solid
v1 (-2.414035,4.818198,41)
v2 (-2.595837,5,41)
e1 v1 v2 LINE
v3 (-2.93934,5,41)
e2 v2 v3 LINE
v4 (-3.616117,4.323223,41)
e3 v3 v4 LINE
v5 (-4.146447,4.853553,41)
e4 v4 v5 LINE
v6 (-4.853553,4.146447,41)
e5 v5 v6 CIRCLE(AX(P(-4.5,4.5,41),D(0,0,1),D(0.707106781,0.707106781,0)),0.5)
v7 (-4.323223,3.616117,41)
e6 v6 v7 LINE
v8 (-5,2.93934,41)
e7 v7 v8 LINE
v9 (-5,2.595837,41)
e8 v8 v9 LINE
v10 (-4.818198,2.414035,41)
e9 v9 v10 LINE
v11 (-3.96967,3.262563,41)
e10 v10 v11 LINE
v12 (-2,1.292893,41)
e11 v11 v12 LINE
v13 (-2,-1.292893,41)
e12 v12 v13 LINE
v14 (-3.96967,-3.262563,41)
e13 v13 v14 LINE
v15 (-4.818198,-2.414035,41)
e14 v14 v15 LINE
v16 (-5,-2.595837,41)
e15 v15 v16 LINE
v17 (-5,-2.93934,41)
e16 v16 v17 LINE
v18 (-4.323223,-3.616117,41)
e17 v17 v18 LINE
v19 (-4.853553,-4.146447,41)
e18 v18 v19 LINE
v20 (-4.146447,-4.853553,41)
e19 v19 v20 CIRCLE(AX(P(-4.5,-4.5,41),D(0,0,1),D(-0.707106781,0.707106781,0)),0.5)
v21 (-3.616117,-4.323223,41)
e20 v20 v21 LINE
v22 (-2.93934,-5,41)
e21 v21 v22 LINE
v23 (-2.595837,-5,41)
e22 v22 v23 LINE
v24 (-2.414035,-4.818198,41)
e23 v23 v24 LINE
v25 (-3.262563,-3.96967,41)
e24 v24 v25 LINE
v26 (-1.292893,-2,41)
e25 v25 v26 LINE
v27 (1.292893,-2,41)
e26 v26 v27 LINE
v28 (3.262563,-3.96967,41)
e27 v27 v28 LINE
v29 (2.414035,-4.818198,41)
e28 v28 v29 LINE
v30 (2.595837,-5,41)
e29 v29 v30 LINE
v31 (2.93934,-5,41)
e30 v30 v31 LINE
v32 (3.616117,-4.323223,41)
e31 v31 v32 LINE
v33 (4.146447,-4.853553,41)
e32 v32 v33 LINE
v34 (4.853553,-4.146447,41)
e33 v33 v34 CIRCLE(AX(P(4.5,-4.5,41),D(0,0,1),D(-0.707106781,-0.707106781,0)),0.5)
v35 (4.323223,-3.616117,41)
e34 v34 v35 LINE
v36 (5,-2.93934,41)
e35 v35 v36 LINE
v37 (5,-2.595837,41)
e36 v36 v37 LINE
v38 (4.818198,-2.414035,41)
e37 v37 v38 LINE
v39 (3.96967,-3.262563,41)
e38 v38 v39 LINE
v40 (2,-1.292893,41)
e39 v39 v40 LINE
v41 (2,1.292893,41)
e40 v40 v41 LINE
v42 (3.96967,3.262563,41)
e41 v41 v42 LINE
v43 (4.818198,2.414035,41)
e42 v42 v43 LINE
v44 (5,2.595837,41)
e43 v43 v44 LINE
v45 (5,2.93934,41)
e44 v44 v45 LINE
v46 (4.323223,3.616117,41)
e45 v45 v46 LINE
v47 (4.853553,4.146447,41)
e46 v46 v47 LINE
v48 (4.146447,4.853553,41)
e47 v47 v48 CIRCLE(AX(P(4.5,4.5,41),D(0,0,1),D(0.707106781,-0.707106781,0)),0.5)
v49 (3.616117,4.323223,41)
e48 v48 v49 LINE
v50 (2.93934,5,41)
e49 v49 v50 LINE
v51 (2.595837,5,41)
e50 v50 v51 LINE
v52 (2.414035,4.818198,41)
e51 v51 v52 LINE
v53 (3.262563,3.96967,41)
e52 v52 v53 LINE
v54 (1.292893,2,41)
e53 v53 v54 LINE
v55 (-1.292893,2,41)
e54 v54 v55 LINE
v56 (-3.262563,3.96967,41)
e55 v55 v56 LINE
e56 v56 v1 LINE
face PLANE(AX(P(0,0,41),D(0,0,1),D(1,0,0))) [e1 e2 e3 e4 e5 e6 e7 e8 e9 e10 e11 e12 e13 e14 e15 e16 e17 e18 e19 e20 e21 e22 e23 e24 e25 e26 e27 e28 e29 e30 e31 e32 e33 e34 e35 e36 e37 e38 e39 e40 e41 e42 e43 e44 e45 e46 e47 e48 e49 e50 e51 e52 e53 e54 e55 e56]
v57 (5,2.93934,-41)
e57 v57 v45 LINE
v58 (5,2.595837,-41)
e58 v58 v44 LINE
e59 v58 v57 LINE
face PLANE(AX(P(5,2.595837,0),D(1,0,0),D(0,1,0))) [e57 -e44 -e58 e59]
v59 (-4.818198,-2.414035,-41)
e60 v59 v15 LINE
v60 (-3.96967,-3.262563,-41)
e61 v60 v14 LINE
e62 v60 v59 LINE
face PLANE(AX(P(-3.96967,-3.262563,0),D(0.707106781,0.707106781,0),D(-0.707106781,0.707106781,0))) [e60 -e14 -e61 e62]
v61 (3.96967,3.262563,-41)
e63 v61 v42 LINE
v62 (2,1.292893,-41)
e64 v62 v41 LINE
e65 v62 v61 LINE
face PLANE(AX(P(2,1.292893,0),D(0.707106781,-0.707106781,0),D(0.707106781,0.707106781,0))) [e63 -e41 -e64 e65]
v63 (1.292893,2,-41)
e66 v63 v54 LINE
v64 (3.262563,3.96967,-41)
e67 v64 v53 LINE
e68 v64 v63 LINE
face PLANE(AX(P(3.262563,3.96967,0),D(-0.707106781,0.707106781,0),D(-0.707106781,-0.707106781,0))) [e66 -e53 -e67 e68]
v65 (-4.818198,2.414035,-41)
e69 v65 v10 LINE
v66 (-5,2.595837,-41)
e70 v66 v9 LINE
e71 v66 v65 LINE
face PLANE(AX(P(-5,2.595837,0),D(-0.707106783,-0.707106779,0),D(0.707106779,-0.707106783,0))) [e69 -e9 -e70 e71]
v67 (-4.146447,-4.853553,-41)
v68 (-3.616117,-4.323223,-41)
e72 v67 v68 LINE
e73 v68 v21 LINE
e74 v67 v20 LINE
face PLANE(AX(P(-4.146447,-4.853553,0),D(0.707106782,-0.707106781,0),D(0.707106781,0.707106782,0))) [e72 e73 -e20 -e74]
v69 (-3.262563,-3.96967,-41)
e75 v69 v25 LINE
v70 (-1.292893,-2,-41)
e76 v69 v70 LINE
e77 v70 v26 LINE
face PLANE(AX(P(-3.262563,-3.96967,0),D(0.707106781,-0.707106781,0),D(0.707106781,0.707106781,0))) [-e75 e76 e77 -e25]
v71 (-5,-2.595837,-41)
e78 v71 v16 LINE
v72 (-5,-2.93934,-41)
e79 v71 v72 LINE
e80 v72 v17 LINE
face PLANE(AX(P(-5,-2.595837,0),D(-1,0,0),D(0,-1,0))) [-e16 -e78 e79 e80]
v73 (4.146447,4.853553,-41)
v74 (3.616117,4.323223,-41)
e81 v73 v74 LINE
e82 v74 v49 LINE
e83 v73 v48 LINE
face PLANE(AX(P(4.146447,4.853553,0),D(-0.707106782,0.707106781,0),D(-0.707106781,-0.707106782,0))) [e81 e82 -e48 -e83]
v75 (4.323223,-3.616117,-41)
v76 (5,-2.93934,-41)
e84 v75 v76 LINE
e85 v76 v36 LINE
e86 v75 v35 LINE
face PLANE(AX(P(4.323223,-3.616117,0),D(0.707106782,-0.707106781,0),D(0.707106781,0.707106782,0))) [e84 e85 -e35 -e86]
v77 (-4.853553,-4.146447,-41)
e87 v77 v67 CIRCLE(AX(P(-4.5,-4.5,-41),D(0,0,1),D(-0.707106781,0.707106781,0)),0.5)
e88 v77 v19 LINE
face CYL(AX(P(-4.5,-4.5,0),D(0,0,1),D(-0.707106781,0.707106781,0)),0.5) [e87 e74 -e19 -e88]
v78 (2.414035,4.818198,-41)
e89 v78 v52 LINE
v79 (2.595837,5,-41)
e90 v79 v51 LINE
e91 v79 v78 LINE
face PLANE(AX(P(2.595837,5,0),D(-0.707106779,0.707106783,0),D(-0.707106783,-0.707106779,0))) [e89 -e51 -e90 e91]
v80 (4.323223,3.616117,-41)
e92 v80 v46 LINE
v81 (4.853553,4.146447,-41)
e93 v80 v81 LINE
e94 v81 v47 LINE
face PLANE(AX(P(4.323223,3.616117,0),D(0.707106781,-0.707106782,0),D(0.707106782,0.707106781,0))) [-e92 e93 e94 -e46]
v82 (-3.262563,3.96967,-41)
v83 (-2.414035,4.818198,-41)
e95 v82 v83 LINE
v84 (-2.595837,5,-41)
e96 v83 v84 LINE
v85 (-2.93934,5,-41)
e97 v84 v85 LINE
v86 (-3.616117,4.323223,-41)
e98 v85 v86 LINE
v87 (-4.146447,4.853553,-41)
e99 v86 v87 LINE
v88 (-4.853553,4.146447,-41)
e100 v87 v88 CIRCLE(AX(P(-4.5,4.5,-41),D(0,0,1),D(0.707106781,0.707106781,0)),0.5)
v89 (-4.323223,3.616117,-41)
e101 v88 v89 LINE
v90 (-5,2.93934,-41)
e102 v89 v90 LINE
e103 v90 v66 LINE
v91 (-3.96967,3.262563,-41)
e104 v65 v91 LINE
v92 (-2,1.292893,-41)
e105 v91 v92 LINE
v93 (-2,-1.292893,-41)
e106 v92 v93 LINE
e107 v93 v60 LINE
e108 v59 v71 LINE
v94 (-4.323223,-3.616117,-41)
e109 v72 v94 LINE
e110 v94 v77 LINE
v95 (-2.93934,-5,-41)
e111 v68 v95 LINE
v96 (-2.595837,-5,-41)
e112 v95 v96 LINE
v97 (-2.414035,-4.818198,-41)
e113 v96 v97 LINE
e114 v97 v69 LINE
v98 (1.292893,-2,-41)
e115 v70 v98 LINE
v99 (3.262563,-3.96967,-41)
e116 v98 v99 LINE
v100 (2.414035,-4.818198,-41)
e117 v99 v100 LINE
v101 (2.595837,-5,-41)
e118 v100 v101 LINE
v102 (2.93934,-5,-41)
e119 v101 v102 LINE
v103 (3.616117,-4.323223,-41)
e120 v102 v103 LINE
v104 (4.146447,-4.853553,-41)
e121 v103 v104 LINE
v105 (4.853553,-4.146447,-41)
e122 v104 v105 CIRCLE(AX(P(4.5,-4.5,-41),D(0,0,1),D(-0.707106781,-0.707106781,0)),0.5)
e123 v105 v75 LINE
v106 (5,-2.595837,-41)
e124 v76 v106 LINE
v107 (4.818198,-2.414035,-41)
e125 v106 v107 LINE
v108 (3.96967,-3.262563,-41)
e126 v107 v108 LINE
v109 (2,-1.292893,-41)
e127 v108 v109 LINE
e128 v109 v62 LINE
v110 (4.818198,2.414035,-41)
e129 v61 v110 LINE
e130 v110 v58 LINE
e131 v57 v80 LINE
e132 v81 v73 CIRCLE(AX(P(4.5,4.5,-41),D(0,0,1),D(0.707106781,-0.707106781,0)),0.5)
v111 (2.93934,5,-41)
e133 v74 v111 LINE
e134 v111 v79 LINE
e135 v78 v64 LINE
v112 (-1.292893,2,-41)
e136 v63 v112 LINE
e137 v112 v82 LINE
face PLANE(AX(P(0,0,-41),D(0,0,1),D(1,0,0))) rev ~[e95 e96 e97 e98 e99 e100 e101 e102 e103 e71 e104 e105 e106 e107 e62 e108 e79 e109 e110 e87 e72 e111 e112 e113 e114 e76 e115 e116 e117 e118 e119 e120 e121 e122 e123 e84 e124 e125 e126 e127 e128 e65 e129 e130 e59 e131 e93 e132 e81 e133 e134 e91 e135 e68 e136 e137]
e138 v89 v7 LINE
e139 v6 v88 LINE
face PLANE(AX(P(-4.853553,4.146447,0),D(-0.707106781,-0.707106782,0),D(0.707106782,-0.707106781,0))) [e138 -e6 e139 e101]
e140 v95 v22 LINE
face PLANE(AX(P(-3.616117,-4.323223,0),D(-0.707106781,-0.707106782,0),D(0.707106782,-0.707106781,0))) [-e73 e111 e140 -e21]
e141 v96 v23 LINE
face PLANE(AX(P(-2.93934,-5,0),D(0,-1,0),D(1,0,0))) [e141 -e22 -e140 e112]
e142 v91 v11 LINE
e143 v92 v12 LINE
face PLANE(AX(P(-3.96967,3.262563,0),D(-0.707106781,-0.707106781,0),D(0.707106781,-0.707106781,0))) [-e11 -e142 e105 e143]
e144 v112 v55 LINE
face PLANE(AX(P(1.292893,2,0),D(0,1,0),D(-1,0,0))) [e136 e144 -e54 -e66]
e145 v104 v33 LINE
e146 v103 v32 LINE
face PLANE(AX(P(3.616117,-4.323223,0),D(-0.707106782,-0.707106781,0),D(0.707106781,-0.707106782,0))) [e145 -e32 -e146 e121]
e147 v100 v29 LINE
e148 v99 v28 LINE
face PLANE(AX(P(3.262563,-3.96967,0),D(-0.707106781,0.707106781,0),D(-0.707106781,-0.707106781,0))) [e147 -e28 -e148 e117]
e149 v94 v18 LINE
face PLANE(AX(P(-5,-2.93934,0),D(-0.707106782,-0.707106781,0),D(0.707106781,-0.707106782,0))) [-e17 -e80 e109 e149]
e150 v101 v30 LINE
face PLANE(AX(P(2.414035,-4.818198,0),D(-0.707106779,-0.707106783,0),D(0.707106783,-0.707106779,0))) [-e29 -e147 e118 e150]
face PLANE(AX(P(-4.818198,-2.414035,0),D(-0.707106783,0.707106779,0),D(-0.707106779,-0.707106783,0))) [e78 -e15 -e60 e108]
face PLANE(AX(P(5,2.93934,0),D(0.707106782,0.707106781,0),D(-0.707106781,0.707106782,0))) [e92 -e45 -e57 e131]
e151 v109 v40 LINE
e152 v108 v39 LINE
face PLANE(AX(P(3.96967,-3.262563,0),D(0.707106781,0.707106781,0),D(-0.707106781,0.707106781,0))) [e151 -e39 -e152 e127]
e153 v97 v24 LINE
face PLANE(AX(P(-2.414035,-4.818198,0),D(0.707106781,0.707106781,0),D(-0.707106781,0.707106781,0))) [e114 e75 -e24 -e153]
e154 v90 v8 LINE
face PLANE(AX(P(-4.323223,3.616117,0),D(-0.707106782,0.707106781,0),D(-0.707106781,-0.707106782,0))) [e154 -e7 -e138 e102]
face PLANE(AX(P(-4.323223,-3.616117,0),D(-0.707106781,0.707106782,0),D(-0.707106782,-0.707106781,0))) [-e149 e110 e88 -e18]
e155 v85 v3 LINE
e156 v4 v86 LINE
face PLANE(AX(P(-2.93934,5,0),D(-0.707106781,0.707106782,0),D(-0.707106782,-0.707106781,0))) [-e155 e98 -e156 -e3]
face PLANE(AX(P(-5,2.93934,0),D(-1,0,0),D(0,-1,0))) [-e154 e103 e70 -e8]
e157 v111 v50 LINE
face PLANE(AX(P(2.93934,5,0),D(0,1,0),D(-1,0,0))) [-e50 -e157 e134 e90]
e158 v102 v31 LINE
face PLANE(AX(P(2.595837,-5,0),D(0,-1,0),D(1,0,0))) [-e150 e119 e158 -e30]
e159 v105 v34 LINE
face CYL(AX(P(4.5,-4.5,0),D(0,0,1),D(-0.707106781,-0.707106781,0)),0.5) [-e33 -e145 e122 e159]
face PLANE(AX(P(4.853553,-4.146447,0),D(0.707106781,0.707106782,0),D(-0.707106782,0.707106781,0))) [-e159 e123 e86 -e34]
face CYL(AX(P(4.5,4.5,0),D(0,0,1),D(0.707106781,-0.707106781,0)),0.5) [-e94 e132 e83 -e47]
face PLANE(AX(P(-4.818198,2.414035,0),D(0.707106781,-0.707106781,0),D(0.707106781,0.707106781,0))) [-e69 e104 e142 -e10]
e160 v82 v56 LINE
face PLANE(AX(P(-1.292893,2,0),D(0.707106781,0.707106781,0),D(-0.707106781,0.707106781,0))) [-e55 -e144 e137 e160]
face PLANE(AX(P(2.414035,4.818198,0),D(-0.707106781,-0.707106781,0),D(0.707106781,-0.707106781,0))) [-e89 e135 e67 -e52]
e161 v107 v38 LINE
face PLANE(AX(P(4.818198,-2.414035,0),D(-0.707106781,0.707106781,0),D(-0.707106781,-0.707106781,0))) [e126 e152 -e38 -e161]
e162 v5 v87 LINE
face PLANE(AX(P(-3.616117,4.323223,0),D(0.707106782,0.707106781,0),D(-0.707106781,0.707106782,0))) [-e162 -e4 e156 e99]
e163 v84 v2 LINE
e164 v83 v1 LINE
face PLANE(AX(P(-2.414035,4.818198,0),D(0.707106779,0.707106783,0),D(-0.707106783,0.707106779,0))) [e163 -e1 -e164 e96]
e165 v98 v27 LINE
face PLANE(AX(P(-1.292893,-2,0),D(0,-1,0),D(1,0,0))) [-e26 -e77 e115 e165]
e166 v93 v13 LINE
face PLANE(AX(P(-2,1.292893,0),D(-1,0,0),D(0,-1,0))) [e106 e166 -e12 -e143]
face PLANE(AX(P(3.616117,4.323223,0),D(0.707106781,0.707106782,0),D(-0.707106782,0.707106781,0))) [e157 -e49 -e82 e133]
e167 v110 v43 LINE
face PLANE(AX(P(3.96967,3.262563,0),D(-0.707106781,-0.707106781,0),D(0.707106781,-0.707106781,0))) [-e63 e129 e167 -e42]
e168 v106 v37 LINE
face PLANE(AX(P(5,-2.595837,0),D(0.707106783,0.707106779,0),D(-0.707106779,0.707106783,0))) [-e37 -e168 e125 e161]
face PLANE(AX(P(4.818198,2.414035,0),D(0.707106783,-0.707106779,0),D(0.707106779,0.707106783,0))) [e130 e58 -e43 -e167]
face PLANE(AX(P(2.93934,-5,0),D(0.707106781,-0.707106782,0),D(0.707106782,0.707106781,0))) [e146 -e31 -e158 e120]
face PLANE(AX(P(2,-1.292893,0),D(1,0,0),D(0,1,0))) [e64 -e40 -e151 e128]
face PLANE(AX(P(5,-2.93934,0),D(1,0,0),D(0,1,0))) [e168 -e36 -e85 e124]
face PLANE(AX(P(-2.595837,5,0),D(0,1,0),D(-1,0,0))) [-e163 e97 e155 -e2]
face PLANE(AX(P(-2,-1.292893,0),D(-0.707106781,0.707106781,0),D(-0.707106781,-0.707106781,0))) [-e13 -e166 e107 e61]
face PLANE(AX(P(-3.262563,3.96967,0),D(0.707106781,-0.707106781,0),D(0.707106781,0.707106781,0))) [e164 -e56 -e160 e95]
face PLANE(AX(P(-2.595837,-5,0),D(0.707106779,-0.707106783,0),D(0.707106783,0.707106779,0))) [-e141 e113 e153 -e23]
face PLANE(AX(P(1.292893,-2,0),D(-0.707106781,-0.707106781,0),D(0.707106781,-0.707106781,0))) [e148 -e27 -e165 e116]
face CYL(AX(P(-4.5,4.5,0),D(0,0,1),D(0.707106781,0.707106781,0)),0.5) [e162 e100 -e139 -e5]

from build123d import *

# Parameters (mm, degrees)
BOSS_EXTRUDE1_DEPTH = 41


with BuildPart() as part:
    # Sketch2 → Boss-Extrude1 (new, symmetric)
    with BuildSketch(Plane.XY):
        with BuildLine():
            Line((-4.853553391, 4.146446609), (-4.323223305, 3.616116524))
            Line((-4.323223305, 3.616116524), (-5, 2.939339828))
            Line((-5, 2.939339828), (-5, 2.595836944))
            Line((-5, 2.595836944), (-4.818198052, 2.414034995))
            Line((-4.818198052, 2.414034995), (-3.969669914, 3.262563133))
            Line((-3.969669914, 3.262563133), (-2, 1.292893219))
            Line((-2, 1.292893219), (-2, -1.292893219))
            Line((-2, -1.292893219), (-3.969669914, -3.262563133))
            Line((-3.969669914, -3.262563133), (-4.818198052, -2.414034995))
            Line((-4.818198052, -2.414034995), (-5, -2.595836944))
            Line((-5, -2.595836944), (-5, -2.939339828))
            Line((-5, -2.939339828), (-4.323223305, -3.616116524))
            Line((-4.323223305, -3.616116524), (-4.853553391, -4.146446609))
            ThreePointArc((-4.853553391, -4.146446609), (-4.853553391, -4.853553391), (-4.146446609, -4.853553391))
            Line((-4.146446609, -4.853553391), (-3.616116524, -4.323223305))
            Line((-3.616116524, -4.323223305), (-2.939339828, -5))
            Line((-2.939339828, -5), (-2.595836944, -5))
            Line((-2.595836944, -5), (-2.414034995, -4.818198052))
            Line((-2.414034995, -4.818198052), (-3.262563133, -3.969669914))
            Line((-3.262563133, -3.969669914), (-1.292893219, -2))
            Line((-1.292893219, -2), (1.292893219, -2))
            Line((1.292893219, -2), (3.262563133, -3.969669914))
            Line((3.262563133, -3.969669914), (2.414034995, -4.818198052))
            Line((2.414034995, -4.818198052), (2.595836944, -5))
            Line((2.595836944, -5), (2.939339828, -5))
            Line((2.939339828, -5), (3.616116524, -4.323223305))
            Line((3.616116524, -4.323223305), (4.146446609, -4.853553391))
            ThreePointArc((4.146446609, -4.853553391), (4.853553391, -4.853553391), (4.853553391, -4.146446609))
            Line((4.853553391, -4.146446609), (4.323223305, -3.616116524))
            Line((4.323223305, -3.616116524), (5, -2.939339828))
            Line((5, -2.939339828), (5, -2.595836944))
            Line((5, -2.595836944), (4.818198052, -2.414034995))
            Line((4.818198052, -2.414034995), (3.969669914, -3.262563133))
            Line((3.969669914, -3.262563133), (2, -1.292893219))
            Line((2, -1.292893219), (2, 1.292893219))
            Line((2, 1.292893219), (3.969669914, 3.262563133))
            Line((3.969669914, 3.262563133), (4.818198052, 2.414034995))
            Line((4.818198052, 2.414034995), (5, 2.595836944))
            Line((5, 2.595836944), (5, 2.939339828))
            Line((5, 2.939339828), (4.323223305, 3.616116524))
            Line((4.323223305, 3.616116524), (4.853553391, 4.146446609))
            ThreePointArc((4.853553391, 4.146446609), (4.853553391, 4.853553391), (4.146446609, 4.853553391))
            Line((4.146446609, 4.853553391), (3.616116524, 4.323223305))
            Line((3.616116524, 4.323223305), (2.939339828, 5))
            Line((2.939339828, 5), (2.595836944, 5))
            Line((2.595836944, 5), (2.414034995, 4.818198052))
            Line((2.414034995, 4.818198052), (3.262563133, 3.969669914))
            Line((3.262563133, 3.969669914), (1.292893219, 2))
            Line((1.292893219, 2), (-1.292893219, 2))
            Line((-1.292893219, 2), (-3.262563133, 3.969669914))
            Line((-3.262563133, 3.969669914), (-2.414034995, 4.818198052))
            Line((-2.414034995, 4.818198052), (-2.595836944, 5))
            Line((-2.595836944, 5), (-2.939339828, 5))
            Line((-2.939339828, 5), (-3.616116524, 4.323223305))
            Line((-3.616116524, 4.323223305), (-4.146446609, 4.853553391))
            ThreePointArc((-4.146446609, 4.853553391), (-4.853553391, 4.853553391), (-4.853553391, 4.146446609))
        make_face()
    extrude(amount=BOSS_EXTRUDE1_DEPTH, both=True)


solid = part.part
